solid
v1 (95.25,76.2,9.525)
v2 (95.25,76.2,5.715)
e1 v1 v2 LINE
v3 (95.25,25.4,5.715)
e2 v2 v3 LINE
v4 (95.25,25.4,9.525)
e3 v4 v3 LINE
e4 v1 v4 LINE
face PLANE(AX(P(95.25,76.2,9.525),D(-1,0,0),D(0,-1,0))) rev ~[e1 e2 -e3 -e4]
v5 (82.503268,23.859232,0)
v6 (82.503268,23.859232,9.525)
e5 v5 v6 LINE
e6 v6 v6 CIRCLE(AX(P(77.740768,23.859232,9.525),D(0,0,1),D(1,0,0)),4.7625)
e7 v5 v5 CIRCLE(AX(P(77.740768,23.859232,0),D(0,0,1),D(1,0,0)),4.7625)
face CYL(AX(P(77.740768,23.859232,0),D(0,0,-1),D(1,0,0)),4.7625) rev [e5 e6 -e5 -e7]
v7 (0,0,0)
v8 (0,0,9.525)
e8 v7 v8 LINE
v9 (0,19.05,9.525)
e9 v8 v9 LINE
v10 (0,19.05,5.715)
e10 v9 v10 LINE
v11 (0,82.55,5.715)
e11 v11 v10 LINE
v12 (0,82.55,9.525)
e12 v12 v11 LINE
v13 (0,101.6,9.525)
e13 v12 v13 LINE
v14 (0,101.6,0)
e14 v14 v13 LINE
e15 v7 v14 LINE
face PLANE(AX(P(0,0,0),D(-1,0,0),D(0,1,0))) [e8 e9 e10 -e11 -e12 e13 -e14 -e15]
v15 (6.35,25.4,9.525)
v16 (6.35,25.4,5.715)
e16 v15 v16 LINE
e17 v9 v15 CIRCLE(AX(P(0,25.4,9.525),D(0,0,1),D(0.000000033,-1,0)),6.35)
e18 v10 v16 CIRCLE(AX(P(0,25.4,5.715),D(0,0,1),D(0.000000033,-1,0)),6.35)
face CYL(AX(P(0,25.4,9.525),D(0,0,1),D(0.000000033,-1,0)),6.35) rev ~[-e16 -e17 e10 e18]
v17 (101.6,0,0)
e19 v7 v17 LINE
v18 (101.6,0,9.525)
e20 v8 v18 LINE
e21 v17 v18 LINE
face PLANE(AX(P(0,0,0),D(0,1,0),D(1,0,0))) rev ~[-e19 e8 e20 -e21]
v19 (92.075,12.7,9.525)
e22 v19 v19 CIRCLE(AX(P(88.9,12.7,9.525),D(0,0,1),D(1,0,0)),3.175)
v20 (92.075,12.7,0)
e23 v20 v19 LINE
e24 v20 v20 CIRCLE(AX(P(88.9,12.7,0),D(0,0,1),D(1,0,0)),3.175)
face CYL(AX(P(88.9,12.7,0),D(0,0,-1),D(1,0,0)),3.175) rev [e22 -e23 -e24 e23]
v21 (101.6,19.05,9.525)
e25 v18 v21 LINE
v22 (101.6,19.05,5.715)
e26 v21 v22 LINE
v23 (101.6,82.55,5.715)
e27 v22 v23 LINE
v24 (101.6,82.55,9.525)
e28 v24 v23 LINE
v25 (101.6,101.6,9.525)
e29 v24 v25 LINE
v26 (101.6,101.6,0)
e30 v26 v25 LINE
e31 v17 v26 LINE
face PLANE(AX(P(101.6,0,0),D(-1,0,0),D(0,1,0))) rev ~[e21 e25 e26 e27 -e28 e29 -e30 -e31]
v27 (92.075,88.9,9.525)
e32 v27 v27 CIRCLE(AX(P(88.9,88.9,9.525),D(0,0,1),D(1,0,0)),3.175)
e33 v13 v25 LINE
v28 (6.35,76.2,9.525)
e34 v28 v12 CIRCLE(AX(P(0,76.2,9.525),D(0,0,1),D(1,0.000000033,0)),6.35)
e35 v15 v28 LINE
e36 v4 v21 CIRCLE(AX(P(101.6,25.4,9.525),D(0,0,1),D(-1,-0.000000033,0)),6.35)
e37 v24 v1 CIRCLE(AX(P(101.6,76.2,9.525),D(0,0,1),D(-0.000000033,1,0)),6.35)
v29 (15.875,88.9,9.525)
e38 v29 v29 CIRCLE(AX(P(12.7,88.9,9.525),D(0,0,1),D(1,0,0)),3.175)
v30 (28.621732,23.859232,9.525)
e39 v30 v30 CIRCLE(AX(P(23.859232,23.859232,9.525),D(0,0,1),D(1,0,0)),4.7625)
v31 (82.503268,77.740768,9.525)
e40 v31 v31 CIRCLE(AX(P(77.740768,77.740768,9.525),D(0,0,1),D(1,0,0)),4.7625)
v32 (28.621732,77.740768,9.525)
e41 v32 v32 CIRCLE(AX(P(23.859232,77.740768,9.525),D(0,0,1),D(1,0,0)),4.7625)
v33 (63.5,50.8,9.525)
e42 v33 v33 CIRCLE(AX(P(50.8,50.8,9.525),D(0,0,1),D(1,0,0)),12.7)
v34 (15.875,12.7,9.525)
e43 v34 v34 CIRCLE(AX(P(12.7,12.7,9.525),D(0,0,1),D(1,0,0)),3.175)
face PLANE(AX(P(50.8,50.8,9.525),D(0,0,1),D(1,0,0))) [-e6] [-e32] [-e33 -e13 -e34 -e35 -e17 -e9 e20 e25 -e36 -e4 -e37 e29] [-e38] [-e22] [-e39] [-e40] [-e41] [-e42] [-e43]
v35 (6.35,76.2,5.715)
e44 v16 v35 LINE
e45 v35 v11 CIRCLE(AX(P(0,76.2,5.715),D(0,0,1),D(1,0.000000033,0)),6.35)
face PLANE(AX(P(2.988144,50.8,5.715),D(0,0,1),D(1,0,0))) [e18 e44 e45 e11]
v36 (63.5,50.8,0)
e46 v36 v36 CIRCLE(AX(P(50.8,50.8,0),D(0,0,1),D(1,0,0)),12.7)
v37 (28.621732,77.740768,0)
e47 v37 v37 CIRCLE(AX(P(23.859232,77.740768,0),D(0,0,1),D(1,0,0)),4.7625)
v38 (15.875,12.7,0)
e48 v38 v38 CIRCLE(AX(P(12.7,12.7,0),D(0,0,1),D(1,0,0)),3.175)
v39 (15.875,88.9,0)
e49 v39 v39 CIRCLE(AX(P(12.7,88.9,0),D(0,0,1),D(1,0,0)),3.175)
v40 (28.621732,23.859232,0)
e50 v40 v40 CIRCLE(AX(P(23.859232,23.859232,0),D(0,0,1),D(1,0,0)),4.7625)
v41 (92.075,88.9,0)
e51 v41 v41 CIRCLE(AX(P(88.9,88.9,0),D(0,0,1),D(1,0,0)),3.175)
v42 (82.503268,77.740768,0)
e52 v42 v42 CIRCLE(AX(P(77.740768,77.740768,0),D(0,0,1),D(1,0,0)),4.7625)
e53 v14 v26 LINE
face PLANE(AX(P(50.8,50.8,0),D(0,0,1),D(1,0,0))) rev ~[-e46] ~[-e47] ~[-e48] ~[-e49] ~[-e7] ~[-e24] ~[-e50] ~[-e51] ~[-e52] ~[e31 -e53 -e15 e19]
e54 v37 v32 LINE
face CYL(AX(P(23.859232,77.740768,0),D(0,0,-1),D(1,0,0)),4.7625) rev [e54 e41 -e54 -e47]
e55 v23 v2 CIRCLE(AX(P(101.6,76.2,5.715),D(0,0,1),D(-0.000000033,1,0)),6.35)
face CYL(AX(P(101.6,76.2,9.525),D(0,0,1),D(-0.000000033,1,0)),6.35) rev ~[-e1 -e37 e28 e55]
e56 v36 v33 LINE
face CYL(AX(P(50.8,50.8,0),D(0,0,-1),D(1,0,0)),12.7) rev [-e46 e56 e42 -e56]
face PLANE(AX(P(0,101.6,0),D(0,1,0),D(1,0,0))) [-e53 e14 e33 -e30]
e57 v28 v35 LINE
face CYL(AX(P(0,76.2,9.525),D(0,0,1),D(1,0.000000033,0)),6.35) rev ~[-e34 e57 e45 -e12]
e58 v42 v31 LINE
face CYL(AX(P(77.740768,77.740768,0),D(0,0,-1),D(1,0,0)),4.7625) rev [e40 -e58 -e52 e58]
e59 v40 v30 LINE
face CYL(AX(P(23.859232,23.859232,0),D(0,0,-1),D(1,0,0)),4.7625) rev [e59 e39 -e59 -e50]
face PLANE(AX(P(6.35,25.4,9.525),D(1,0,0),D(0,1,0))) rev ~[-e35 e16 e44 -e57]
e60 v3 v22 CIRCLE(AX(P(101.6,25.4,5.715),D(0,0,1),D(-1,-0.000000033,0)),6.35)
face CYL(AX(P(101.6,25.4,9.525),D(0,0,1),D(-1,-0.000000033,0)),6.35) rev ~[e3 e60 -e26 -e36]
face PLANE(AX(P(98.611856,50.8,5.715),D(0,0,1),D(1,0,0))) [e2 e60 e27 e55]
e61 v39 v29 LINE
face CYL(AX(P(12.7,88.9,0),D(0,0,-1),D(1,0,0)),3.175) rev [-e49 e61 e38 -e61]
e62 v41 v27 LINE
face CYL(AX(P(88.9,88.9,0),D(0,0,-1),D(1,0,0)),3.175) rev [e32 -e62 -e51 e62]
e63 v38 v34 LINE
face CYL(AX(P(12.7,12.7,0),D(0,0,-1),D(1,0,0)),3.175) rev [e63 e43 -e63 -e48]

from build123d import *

# Parameters (mm, degrees)
F0_W     = 101.6
F0_H     = 101.6
F0_R     = 3.175
F0_R_2   = 4.7625
F0_R_3   = 12.7
F1_DEPTH = 9.525
F3_DEPTH = 3.81


with BuildPart() as f1:
    # F0 (on Top) → F1 (new body)
    with BuildSketch(Plane.XY):
        with Locations((50.8, 50.8)):
            Rectangle(F0_W, F0_H)
        with Locations((12.7, 12.7)):
            Circle(F0_R, mode=Mode.SUBTRACT)
        with Locations((23.859232, 23.859232)):
            Circle(F0_R_2, mode=Mode.SUBTRACT)
        with Locations((50.8, 50.8)):
            Circle(F0_R_3, mode=Mode.SUBTRACT)
        with Locations((77.740768, 23.859232)):
            Circle(F0_R_2, mode=Mode.SUBTRACT)
        with Locations((88.9, 12.7)):
            Circle(F0_R, mode=Mode.SUBTRACT)
        with Locations((23.859232, 77.740768)):
            Circle(F0_R_2, mode=Mode.SUBTRACT)
        with Locations((12.7, 88.9)):
            Circle(F0_R, mode=Mode.SUBTRACT)
        with Locations((77.740768, 77.740768)):
            Circle(F0_R_2, mode=Mode.SUBTRACT)
        with Locations((88.9, 88.9)):
            Circle(F0_R, mode=Mode.SUBTRACT)
    extrude(amount=F1_DEPTH)

    # F2 (on face) → F3 (cut)
    with BuildSketch(Plane.XY.offset(9.525)):
        with BuildLine():
            Line((6.35, 25.4), (6.35, 76.2))
            ThreePointArc((6.35, 76.2), (4.490128, 80.690128), (0, 82.55))
            Line((0, 82.55), (0, 19.05))
            ThreePointArc((0, 19.05), (4.490128, 20.909872), (6.35, 25.4))
        make_face()
        with BuildLine():
            Line((101.6, 19.05), (101.6, 82.55))
            ThreePointArc((101.6, 82.55), (97.109872, 80.690128), (95.25, 76.2))
            Line((95.25, 76.2), (95.25, 25.4))
            ThreePointArc((95.25, 25.4), (97.109872, 20.909872), (101.6, 19.05))
        make_face()
    extrude(amount=-F3_DEPTH, mode=Mode.SUBTRACT)


solid = f1.part
